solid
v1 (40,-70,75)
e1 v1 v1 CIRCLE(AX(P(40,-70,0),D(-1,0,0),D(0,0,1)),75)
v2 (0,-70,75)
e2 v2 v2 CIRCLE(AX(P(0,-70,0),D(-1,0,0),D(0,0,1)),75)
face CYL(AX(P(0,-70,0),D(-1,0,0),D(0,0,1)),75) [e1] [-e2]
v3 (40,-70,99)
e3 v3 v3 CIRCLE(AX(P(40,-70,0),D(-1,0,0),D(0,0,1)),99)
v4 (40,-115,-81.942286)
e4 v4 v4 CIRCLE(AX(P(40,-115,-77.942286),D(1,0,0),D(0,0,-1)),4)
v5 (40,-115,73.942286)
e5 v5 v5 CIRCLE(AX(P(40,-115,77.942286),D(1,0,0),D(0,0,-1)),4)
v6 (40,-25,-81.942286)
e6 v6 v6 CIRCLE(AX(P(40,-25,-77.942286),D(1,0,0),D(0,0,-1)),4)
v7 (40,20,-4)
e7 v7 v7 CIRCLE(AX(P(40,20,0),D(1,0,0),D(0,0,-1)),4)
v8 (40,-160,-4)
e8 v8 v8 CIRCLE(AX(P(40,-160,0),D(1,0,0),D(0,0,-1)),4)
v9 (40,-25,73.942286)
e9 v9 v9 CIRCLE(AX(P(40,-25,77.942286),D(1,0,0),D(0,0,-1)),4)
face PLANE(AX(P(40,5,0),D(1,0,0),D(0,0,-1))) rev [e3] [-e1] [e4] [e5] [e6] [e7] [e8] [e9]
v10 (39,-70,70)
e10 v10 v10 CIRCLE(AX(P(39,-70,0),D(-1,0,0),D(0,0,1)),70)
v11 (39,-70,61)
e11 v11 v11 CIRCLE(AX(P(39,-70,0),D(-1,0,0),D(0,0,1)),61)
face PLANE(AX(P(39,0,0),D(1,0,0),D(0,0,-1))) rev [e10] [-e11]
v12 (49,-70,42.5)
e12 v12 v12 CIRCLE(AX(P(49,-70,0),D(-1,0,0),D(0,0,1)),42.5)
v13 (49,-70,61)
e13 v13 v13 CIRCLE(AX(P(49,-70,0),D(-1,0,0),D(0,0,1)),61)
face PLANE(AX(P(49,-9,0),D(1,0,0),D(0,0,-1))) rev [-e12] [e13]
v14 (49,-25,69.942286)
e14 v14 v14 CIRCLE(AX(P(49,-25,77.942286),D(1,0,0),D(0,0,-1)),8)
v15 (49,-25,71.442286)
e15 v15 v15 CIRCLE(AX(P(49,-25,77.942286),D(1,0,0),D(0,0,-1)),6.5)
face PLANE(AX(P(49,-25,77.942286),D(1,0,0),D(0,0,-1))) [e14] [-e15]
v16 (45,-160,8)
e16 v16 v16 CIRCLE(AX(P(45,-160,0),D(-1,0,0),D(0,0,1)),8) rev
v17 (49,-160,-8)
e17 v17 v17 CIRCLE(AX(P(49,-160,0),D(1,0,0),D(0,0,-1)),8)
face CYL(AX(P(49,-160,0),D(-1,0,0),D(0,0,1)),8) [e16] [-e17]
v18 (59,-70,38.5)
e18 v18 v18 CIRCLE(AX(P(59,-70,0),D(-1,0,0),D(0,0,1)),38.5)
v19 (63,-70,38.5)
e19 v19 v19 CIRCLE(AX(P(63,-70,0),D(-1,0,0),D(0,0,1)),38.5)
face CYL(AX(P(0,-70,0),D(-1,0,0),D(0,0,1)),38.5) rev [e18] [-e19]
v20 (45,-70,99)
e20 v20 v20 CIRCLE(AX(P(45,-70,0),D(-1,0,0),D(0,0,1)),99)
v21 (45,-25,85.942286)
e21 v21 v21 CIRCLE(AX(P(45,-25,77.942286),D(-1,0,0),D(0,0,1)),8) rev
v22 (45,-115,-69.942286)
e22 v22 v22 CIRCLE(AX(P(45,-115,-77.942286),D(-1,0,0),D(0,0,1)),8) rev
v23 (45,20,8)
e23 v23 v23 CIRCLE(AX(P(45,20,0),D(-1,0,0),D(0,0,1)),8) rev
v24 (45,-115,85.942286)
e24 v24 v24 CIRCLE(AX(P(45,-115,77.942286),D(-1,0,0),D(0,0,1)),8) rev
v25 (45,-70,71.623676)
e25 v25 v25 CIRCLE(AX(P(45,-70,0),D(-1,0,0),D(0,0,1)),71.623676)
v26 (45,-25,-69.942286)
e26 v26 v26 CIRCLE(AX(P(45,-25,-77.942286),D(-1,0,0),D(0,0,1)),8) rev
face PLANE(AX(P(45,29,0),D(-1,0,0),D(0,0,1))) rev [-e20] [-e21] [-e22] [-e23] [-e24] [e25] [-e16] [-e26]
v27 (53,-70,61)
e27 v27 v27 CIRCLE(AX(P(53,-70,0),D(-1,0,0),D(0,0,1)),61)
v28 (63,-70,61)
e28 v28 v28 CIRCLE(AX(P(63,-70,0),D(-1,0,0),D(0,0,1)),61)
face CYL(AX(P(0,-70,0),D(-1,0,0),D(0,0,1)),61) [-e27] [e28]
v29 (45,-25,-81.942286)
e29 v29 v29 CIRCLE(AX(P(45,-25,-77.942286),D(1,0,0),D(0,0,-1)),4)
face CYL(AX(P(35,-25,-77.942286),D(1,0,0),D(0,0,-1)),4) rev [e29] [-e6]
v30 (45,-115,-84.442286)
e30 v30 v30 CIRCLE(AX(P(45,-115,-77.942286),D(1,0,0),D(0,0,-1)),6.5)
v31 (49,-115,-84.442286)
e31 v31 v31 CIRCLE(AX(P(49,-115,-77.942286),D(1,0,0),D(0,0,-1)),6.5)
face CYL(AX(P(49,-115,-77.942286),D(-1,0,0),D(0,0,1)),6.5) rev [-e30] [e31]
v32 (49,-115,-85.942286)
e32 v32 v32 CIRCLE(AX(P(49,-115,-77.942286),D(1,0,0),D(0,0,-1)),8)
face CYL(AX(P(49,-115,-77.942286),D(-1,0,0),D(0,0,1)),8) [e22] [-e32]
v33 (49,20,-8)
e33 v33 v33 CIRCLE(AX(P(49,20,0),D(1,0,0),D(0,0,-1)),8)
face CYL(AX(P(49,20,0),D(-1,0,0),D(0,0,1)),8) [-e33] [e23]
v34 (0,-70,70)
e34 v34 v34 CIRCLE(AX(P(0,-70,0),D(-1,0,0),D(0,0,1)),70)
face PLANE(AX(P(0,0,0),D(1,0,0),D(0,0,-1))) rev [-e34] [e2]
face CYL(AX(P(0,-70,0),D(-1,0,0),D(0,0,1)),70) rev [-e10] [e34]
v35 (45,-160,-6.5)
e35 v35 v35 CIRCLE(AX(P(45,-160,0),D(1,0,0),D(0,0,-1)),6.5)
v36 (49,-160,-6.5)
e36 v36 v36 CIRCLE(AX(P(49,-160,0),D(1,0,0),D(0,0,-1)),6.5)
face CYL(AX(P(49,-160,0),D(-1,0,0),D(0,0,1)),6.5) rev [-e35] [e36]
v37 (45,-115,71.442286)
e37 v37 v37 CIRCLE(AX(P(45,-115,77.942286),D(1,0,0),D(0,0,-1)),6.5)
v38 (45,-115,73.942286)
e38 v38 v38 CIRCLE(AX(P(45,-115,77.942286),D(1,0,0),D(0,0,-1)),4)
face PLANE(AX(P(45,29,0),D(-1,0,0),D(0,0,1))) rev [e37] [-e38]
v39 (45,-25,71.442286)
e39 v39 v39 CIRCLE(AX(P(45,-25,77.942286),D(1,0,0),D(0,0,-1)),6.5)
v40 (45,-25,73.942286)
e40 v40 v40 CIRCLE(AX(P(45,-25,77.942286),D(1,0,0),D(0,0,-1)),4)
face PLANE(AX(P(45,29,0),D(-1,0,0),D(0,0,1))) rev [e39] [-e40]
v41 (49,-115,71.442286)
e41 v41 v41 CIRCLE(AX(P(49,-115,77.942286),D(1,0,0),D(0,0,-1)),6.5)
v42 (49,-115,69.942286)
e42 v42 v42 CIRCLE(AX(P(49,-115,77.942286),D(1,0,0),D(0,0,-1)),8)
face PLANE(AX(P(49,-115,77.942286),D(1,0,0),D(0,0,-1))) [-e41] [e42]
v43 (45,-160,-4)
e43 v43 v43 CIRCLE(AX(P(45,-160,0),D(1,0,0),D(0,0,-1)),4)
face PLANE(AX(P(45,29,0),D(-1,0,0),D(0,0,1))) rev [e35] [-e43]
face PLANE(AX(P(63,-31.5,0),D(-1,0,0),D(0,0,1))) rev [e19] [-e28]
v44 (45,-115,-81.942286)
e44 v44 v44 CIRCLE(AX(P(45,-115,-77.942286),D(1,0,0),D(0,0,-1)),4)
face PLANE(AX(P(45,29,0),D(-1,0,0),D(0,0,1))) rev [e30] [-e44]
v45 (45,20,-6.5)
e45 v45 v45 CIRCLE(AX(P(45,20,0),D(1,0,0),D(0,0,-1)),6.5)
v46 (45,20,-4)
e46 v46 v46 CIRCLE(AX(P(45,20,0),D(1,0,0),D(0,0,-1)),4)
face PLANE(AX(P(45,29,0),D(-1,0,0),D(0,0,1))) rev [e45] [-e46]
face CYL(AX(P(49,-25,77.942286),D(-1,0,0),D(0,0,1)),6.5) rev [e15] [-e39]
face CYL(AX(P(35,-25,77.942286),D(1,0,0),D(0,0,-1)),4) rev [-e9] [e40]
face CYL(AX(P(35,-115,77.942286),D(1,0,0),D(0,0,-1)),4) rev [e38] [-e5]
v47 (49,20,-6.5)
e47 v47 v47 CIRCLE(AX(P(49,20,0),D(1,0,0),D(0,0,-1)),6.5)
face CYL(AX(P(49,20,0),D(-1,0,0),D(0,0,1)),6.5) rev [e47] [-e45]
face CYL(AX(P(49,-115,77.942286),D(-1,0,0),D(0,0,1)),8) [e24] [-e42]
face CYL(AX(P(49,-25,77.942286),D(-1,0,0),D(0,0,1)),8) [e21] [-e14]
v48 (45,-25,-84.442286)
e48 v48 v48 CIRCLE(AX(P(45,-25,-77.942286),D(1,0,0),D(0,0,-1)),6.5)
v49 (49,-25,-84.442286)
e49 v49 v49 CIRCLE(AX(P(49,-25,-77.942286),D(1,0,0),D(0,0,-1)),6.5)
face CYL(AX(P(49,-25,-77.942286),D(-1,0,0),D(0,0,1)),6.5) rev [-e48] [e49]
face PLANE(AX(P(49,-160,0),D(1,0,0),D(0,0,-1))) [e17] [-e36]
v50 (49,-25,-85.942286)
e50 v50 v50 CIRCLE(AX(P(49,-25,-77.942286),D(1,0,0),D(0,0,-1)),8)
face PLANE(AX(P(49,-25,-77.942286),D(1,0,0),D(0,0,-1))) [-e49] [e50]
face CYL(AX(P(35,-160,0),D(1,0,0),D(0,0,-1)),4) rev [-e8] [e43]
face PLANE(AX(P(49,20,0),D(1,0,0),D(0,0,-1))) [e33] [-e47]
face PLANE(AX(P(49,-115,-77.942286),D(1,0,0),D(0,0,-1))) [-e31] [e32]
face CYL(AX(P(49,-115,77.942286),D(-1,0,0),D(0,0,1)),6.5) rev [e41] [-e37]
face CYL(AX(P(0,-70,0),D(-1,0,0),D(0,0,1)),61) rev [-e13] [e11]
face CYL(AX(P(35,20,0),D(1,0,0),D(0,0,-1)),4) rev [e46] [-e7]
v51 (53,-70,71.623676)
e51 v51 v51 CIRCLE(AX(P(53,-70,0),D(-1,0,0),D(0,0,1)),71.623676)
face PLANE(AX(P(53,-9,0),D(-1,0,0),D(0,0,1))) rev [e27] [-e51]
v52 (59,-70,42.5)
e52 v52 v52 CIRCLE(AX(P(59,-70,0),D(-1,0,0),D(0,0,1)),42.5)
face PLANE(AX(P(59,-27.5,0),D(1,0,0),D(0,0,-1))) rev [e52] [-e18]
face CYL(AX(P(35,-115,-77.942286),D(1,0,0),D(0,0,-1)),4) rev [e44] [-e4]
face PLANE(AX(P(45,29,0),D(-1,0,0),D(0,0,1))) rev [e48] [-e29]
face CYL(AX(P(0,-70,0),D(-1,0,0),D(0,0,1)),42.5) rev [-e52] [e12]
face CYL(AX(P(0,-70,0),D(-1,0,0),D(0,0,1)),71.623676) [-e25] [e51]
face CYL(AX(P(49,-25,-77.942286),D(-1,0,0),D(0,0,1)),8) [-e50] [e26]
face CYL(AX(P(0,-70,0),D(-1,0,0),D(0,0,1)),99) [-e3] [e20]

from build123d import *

# Parameters (mm, degrees)
SKETCH3_R           = 4
CUT_EXTRUDE1_DEPTH  = 10
SKETCH4_R           = 8
SKETCH4_R_2         = 6.5
BOSS_EXTRUDE1_DEPTH = 4


with BuildPart() as part:
    # Sketch1 → Revolve1 (revolve)
    with BuildSketch(Plane.XY, mode=Mode.PRIVATE) as revolve1_sk:
        Polygon((0, 0), (39, 0), (39, -9), (49, -9), (49, -27.5), (59, -27.5), (59, -31.5), (63, -31.5), (63, -9), (53, -9), (53, 1.623676176), (45, 1.623676176), (45, 29), (40, 29), (40, 5), (0, 5), align=None)
    revolve(revolve1_sk.sketch.rotate(Axis((0, -70, 0), (1, 0, 0)), 90), axis=Axis((0, -70, 0), (1, 0, 0)))

    # Sketch3 → Cut-Extrude1 (cut)
    with BuildSketch(Plane(origin=(45, 0, 0), x_dir=(0, 0, -1), z_dir=(1, 0, 0))):
        with Locations((0, 20)):
            Circle(SKETCH3_R)
        with Locations((77.942286341, -25)):
            Circle(SKETCH3_R)
        with Locations((77.942286341, -115)):
            Circle(SKETCH3_R)
        with Locations((0, -160)):
            Circle(SKETCH3_R)
        with Locations((-77.942286341, -115)):
            Circle(SKETCH3_R)
        with Locations((-77.942286341, -25)):
            Circle(SKETCH3_R)
    extrude(amount=-CUT_EXTRUDE1_DEPTH, mode=Mode.SUBTRACT)

    # Sketch4 → Boss-Extrude1 (add)
    # profile 1 of 6: a face of its own
    with BuildSketch(Plane(origin=(45, 0, 0), x_dir=(0, 0, -1), z_dir=(1, 0, 0))):
        with Locations(Location((0, 20, 0), (0, 0, 180))):
            Circle(SKETCH4_R)
        with Locations((0, 20)):
            Circle(SKETCH4_R_2, mode=Mode.SUBTRACT)
    # profile 2 of 6: a face of its own
    with BuildSketch(Plane(origin=(45, 0, 0), x_dir=(0, 0, -1), z_dir=(1, 0, 0))):
        with Locations(Location((77.942286341, -25, 0), (0, 0, 180))):
            Circle(SKETCH4_R)
        with Locations((77.942286341, -25)):
            Circle(SKETCH4_R_2, mode=Mode.SUBTRACT)
    # profile 3 of 6: a face of its own
    with BuildSketch(Plane(origin=(45, 0, 0), x_dir=(0, 0, -1), z_dir=(1, 0, 0))):
        with Locations(Location((77.942286341, -115, 0), (0, 0, 180))):
            Circle(SKETCH4_R)
        with Locations((77.942286341, -115)):
            Circle(SKETCH4_R_2, mode=Mode.SUBTRACT)
    # profile 4 of 6: a face of its own
    with BuildSketch(Plane(origin=(45, 0, 0), x_dir=(0, 0, -1), z_dir=(1, 0, 0))):
        with Locations(Location((0, -160, 0), (0, 0, 180))):
            Circle(SKETCH4_R)
        with Locations((0, -160)):
            Circle(SKETCH4_R_2, mode=Mode.SUBTRACT)
    # profile 5 of 6: a face of its own
    with BuildSketch(Plane(origin=(45, 0, 0), x_dir=(0, 0, -1), z_dir=(1, 0, 0))):
        with Locations(Location((-77.942286341, -115, 0), (0, 0, 180))):
            Circle(SKETCH4_R)
        with Locations((-77.942286341, -115)):
            Circle(SKETCH4_R_2, mode=Mode.SUBTRACT)
    # profile 6 of 6: a face of its own
    with BuildSketch(Plane(origin=(45, 0, 0), x_dir=(0, 0, -1), z_dir=(1, 0, 0))):
        with Locations(Location((-77.942286341, -25, 0), (0, 0, 180))):
            Circle(SKETCH4_R)
        with Locations((-77.942286341, -25)):
            Circle(SKETCH4_R_2, mode=Mode.SUBTRACT)
    extrude(amount=BOSS_EXTRUDE1_DEPTH)


solid = part.part
